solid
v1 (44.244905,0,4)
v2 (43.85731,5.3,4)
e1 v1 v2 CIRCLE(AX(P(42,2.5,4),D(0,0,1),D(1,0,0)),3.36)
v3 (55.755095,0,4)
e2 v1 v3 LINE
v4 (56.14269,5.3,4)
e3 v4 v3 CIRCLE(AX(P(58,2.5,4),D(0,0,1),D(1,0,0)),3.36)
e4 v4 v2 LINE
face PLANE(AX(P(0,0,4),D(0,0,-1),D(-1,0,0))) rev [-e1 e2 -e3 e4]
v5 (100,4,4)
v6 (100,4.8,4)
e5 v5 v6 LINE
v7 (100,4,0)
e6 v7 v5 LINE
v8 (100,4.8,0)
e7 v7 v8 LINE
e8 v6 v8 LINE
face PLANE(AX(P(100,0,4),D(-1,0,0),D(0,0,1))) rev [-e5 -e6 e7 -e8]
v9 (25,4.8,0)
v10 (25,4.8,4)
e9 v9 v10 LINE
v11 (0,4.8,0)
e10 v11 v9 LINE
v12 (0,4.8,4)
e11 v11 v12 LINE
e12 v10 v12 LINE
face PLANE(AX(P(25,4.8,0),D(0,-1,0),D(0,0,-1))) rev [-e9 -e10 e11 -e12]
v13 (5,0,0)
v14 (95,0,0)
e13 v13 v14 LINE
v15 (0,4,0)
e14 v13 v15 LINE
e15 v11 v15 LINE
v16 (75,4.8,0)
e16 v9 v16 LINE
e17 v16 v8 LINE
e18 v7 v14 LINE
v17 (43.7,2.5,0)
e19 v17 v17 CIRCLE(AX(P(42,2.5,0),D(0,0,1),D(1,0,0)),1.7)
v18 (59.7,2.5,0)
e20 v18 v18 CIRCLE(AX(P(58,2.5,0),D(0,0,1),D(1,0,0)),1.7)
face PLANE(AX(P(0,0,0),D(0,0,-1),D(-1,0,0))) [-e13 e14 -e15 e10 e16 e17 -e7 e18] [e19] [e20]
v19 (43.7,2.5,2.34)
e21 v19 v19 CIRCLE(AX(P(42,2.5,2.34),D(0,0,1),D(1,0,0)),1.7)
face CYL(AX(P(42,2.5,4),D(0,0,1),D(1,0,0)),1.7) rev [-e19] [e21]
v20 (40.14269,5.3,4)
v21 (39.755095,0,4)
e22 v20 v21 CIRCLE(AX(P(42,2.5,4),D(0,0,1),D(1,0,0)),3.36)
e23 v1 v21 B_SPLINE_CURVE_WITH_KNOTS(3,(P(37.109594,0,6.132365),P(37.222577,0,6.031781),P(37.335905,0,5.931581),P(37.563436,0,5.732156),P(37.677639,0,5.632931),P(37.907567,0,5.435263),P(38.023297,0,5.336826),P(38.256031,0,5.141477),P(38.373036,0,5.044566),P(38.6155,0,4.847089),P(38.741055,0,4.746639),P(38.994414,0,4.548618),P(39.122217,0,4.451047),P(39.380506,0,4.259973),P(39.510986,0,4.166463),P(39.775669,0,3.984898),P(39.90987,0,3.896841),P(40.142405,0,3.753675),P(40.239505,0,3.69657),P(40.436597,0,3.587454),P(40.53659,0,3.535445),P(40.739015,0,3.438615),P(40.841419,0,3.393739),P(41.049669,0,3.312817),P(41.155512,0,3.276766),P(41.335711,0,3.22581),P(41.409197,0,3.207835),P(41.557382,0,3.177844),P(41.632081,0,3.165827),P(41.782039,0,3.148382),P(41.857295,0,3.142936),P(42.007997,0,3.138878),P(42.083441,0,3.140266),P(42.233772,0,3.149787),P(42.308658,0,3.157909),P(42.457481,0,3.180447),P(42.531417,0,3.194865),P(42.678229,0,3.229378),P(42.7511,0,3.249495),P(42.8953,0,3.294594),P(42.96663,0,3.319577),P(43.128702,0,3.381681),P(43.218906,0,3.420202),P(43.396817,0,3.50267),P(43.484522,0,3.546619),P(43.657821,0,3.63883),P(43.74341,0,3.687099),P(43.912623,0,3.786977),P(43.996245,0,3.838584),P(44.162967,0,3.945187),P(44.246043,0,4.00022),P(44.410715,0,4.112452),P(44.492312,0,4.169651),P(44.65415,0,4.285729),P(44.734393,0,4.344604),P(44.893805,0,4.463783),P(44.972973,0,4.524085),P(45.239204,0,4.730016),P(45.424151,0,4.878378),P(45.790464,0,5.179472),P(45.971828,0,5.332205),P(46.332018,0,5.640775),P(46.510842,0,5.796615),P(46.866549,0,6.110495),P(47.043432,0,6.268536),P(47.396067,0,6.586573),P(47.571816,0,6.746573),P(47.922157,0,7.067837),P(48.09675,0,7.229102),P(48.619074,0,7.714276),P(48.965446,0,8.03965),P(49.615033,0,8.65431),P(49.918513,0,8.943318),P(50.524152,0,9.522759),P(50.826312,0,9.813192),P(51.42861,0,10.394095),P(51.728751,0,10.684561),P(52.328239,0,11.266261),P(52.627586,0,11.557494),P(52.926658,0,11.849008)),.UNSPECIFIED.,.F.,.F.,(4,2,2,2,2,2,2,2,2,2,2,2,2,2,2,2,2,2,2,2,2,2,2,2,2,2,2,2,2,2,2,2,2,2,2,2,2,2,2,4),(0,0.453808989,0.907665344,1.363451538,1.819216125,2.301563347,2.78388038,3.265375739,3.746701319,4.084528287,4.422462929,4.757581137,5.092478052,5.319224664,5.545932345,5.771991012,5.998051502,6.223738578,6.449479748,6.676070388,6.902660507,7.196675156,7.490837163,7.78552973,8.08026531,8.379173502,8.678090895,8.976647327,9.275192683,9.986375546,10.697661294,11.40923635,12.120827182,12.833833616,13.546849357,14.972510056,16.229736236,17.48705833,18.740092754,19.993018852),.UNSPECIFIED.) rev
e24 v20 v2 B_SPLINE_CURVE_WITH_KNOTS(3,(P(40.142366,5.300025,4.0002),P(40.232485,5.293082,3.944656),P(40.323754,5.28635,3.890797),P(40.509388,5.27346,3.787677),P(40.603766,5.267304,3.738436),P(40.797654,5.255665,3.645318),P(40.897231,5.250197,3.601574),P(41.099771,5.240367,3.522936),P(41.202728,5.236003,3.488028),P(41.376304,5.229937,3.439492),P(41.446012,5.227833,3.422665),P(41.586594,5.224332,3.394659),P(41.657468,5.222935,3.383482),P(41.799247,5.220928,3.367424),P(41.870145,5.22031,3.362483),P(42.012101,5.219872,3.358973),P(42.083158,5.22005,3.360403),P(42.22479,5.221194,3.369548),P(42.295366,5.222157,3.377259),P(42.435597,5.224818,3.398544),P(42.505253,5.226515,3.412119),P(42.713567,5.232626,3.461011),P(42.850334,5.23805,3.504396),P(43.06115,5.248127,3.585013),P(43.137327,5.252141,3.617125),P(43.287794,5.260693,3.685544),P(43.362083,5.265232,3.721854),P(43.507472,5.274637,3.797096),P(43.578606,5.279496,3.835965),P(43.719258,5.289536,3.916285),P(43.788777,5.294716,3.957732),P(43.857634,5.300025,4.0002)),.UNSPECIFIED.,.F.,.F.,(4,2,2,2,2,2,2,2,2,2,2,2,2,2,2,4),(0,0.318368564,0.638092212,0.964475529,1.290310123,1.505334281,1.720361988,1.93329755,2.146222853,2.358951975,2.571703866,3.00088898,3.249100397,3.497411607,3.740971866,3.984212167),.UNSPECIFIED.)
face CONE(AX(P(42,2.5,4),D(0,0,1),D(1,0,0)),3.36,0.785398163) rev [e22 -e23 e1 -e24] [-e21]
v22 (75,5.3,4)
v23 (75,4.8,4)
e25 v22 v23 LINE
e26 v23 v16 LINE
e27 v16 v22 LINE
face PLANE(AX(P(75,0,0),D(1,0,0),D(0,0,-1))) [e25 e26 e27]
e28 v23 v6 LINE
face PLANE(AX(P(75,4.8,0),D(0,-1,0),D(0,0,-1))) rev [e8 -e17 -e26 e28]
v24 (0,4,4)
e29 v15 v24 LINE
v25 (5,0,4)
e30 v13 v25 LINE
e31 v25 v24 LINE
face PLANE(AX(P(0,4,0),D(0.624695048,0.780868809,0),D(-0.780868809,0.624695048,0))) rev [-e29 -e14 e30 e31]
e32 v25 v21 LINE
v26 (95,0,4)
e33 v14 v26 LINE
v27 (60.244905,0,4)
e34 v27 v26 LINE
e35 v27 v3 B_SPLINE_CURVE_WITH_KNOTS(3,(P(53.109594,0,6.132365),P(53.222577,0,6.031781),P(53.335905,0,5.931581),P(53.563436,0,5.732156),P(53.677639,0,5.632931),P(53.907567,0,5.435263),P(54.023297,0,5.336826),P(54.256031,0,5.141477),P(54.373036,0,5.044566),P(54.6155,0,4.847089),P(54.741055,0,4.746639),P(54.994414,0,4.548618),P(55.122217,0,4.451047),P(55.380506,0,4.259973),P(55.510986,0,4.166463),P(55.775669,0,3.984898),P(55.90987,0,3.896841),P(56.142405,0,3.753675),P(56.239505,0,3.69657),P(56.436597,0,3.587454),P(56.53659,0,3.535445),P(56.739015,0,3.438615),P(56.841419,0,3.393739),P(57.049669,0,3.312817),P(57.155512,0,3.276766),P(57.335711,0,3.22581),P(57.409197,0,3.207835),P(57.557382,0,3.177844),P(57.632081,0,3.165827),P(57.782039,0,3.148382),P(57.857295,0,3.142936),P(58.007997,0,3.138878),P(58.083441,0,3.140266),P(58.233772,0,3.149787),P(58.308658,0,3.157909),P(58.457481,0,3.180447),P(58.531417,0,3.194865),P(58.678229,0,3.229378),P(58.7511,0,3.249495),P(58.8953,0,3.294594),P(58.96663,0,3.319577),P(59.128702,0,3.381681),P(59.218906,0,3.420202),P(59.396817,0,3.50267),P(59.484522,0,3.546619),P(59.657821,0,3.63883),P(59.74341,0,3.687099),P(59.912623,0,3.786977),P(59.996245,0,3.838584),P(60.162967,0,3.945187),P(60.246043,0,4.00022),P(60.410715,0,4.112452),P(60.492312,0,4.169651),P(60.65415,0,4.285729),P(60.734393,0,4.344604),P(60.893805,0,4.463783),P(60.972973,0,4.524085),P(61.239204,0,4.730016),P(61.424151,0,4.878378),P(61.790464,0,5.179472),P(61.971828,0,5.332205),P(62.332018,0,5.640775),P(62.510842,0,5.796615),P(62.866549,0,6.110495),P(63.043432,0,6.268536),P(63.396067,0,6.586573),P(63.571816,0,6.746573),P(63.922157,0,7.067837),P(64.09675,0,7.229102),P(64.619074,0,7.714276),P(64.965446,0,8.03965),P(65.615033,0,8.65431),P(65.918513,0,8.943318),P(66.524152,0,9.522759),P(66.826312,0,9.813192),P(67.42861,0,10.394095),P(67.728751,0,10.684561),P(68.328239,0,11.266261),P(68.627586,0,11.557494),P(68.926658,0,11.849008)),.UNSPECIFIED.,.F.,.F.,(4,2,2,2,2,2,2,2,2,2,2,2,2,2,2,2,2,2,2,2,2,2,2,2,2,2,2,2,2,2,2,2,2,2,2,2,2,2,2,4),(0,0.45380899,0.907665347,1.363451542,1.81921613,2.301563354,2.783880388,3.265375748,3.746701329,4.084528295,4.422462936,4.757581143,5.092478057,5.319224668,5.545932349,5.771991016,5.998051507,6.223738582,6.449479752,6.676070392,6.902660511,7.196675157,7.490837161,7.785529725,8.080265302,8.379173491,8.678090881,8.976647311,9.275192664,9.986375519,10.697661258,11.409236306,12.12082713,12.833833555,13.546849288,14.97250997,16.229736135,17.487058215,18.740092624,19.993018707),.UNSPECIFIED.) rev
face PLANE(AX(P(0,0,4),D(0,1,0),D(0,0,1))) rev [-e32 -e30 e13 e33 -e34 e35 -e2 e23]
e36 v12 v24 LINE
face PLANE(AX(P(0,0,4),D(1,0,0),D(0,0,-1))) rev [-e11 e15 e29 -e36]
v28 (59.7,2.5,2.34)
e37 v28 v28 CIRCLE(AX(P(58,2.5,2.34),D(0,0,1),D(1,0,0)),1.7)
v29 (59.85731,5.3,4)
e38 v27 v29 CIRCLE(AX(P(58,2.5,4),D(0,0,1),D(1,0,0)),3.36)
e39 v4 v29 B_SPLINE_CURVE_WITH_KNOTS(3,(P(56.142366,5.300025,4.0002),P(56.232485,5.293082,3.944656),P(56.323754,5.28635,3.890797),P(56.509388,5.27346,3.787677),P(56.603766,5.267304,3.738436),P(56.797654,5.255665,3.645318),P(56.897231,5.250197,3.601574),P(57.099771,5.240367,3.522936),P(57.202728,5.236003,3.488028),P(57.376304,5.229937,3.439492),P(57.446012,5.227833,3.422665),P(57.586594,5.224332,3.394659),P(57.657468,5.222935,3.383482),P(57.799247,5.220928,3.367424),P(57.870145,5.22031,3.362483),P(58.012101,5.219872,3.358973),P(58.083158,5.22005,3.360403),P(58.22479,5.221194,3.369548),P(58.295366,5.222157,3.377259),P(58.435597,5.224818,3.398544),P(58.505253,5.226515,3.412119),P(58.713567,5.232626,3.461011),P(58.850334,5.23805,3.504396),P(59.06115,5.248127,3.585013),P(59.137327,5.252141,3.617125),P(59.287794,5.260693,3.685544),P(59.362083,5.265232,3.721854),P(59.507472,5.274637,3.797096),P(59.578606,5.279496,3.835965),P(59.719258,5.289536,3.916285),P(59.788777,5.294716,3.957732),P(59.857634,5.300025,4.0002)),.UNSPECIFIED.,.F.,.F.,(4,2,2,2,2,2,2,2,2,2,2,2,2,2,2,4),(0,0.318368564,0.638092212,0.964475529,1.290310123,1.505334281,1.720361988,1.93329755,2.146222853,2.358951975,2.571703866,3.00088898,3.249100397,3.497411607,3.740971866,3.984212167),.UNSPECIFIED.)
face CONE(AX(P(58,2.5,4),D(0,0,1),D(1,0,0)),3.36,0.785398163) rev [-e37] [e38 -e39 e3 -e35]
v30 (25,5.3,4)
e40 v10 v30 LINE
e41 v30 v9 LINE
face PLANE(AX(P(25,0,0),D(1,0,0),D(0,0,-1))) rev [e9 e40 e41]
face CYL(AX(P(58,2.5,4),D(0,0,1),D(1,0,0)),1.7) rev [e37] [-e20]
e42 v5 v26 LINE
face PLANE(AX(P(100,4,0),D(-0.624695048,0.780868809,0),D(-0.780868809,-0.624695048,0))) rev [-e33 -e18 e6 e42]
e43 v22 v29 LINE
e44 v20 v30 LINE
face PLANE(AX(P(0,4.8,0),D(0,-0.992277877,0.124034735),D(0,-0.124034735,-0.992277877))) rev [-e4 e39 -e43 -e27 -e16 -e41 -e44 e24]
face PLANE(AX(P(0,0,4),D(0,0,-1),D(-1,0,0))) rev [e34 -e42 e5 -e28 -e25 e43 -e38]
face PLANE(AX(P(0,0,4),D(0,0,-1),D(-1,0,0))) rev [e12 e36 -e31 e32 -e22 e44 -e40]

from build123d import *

# Parameters (mm, degrees)
SKETCH_1_W                   = 100
SKETCH_1_H                   = 5.3
EXTRUDE_1_DEPTH              = 4
CUT_EXTRUDE_1_DEPTH          = 101.220207543
SKETCH_3_R                   = 1.5
CUT_EXTRUDE_2_DEPTH          = 101.220207543
HOLE_WIZARD_M3_1_D           = 3.4
HOLE_WIZARD_M3_1_CSINK_D     = 6.72
HOLE_WIZARD_M3_1_CSINK_ANGLE = 90
CUT_EXTRUDE_3_DEPTH          = 101.220207543
CUT_EXTRUDE_4_DEPTH          = 25
CUT_EXTRUDE_5_DEPTH          = 25


with BuildPart() as part:
    # 草图1 → 凸台-拉伸1 (new body)
    with BuildSketch(Plane.XY):
        with Locations((50, 2.65)):
            Rectangle(SKETCH_1_W, SKETCH_1_H)
    extrude(amount=EXTRUDE_1_DEPTH)

    # 草图2 → 切除-拉伸1 (cut, through all)
    with BuildSketch(Plane(origin=(100, 0, 0), x_dir=(0, 0, -1), z_dir=(1, 0, 0))):
        Polygon((-4, 5.3), (0, 5.3), (0, 4.8), align=None)
    extrude(amount=-CUT_EXTRUDE_1_DEPTH, mode=Mode.SUBTRACT)

    # 草图3 → 切除-拉伸2 (cut, through all)
    with BuildSketch(Plane.XY.offset(4)):
        with Locations((42, 2.5)):
            Circle(SKETCH_3_R)
        with Locations(Location((58, 2.5, 0), (0, 0, 180))):
            Circle(SKETCH_3_R)
    extrude(amount=-CUT_EXTRUDE_2_DEPTH, mode=Mode.SUBTRACT)

    # M3 六角凹锥坑螺钉的锥形沉头孔1 (through all)
    with Locations(Plane(origin=(42, 2.5, 4), x_dir=(1, 0, 0), z_dir=(0, 0, 1))):
        with Locations((0, 0), (16, 0)):
            CounterSinkHole(HOLE_WIZARD_M3_1_D / 2, HOLE_WIZARD_M3_1_CSINK_D / 2, counter_sink_angle=HOLE_WIZARD_M3_1_CSINK_ANGLE)

    # 草图6 → 切除-拉伸3 (cut, through all)
    with BuildSketch(Plane.XY.offset(4)):
        Polygon((0, 4), (5, 0), (0, 0), align=None)
        Polygon((100, 0), (100, 4), (95, 0), align=None)
    extrude(amount=-CUT_EXTRUDE_3_DEPTH, mode=Mode.SUBTRACT)

    # 草图7 → 切除-拉伸4 (cut)
    with BuildSketch(Plane(origin=(100, 0, 0), x_dir=(0, 0, -1), z_dir=(1, 0, 0))):
        Polygon((-4, 5.3), (0, 4.8), (-4, 4.8), align=None)
    extrude(amount=-CUT_EXTRUDE_4_DEPTH, mode=Mode.SUBTRACT)

    # 草图8 → 切除-拉伸5 (cut)
    with BuildSketch(Plane.ZY):
        Polygon((0, 4.8), (4, 4.8), (4, 5.3), align=None)
    extrude(amount=-CUT_EXTRUDE_5_DEPTH, mode=Mode.SUBTRACT)


solid = part.part
